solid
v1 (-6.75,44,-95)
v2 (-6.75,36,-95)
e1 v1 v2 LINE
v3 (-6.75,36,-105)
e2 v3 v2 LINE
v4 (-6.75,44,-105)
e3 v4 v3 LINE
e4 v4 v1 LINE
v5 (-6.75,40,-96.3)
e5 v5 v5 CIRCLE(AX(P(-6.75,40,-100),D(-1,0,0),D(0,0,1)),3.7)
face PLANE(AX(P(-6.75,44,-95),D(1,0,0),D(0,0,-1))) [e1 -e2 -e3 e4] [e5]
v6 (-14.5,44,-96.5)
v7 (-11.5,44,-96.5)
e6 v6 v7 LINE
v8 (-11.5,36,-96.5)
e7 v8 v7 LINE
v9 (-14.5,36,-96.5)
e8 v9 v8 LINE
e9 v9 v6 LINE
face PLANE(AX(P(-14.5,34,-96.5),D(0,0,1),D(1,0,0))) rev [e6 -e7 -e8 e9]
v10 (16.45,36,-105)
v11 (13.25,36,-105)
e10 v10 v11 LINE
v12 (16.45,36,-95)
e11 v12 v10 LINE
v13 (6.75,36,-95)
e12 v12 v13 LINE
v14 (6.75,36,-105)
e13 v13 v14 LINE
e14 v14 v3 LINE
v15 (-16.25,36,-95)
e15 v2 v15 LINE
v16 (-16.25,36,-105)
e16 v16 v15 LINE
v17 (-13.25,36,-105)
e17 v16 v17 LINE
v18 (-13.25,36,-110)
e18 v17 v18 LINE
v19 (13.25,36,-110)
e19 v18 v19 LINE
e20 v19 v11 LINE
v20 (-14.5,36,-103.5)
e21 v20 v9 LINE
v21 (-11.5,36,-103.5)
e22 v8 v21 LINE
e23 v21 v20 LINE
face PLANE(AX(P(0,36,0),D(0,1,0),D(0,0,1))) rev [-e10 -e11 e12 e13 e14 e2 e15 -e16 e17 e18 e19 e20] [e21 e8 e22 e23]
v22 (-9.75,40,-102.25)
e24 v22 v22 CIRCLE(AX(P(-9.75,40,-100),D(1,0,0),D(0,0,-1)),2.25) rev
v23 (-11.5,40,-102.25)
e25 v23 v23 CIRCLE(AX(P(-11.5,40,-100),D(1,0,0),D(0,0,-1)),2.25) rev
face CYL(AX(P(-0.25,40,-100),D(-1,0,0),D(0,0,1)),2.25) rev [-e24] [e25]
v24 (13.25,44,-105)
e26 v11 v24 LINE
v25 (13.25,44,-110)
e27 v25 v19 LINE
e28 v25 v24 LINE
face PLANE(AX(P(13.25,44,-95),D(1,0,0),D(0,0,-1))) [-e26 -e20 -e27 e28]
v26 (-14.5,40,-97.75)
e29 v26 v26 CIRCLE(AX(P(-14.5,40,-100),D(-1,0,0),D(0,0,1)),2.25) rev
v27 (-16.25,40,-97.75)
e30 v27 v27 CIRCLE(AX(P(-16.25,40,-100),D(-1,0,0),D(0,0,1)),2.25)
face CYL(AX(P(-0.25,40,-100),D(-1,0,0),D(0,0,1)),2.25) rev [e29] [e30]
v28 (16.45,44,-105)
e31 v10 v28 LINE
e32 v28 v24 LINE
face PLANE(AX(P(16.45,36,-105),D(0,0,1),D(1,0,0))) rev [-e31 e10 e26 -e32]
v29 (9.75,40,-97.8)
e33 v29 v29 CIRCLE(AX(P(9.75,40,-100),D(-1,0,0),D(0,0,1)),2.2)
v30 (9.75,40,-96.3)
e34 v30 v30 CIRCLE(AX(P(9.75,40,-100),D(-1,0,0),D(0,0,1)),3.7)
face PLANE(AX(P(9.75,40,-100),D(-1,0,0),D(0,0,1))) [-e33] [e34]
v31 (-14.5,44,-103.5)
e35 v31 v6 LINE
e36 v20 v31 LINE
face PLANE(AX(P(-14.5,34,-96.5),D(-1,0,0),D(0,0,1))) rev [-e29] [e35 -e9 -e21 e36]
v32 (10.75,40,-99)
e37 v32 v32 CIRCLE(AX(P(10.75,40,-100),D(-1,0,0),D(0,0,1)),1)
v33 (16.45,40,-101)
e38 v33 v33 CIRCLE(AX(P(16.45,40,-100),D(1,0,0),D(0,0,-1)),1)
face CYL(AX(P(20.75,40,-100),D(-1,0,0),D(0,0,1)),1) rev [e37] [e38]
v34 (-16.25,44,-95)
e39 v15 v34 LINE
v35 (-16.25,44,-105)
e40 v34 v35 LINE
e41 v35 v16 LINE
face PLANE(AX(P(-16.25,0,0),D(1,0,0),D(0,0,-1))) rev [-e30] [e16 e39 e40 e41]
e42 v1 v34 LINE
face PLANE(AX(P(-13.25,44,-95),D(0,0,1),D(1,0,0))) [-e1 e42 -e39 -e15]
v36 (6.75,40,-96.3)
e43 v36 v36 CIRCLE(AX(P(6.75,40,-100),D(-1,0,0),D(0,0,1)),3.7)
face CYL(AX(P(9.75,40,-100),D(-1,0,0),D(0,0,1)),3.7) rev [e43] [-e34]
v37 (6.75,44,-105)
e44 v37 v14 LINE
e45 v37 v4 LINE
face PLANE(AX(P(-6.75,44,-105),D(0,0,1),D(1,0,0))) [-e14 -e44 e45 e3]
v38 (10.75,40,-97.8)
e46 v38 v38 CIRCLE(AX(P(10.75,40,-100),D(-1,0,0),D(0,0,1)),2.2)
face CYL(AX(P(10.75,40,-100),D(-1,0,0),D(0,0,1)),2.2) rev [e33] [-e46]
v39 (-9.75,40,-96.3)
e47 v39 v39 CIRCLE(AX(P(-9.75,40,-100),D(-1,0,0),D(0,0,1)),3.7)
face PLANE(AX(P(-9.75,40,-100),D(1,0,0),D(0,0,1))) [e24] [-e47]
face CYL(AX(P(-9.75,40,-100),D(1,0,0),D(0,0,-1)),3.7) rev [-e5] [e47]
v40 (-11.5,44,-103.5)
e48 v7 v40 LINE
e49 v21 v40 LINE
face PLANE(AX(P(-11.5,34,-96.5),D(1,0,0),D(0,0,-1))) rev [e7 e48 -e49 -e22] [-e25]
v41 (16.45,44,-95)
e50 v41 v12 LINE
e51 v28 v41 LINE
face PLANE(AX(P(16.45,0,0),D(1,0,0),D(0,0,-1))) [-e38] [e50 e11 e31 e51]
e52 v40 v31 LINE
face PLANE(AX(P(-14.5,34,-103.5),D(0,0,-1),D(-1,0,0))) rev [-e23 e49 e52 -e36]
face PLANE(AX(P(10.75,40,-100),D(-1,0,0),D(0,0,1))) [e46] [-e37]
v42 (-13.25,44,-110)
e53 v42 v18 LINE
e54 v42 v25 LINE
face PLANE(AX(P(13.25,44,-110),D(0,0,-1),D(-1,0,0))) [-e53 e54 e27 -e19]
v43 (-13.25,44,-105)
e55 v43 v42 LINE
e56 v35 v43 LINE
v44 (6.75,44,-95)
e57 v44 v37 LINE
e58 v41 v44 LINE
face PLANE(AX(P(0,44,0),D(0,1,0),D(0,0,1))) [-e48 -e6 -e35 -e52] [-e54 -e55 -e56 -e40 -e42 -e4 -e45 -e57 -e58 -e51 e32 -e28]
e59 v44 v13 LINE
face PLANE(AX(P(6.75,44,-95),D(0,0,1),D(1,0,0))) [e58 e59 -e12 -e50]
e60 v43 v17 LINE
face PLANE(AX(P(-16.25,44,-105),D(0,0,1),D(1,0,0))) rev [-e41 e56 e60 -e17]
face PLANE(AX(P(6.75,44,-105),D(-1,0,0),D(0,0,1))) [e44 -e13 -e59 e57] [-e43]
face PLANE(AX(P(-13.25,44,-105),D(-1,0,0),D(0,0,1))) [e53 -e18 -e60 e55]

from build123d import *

# Parameters (mm, degrees)
SHAPE_DEPTH                   = 4
SHAPE_DEPTH_BACK              = 4
ESQUISSE19_R                  = 2.25
HOLEAXE_MOTOR_DEPTH           = 13
ESQUISSE20_R                  = 3.7
HOLEBEARING_MOTOR_DEPTH       = 3
ESQUISSE21_R                  = 2.2
ENTRETOISEBEARING_MOTOR_DEPTH = 1
EXT_MOTOR_START               = 3
ESQUISSE22_W                  = 10
ESQUISSE22_H                  = 8
ESQUISSE22_R                  = 2.25
EXT_MOTOR_DEPTH               = 3
ESQUISSE23_W                  = 3
ESQUISSE23_H                  = 7
HOLESCREWLESS_MOTOR_DEPTH     = 10
ESQUISSE24_W                  = 10
ESQUISSE24_H                  = 8
BOSS_EXTRU_1_DEPTH            = 3.2
ESQUISSE25_R                  = 1
REMOVE_HELPER_DEPTH           = 10


with BuildPart() as part:
    # Esquisse17 → Shape (new, two sides: drawn at the far end of the back side and taken through both)
    with BuildSketch(Plane(origin=(0, 40, 0), x_dir=(-1, 0, 0), z_dir=(0, -1, 0)).offset(-SHAPE_DEPTH_BACK)):
        Polygon((13.25, 105), (13.25, 95), (6.75, 95), (6.75, 105), (-6.75, 105), (-6.75, 95), (-13.25, 95), (-13.25, 105), (-13.25, 110), (13.25, 110), align=None)
    extrude(amount=SHAPE_DEPTH + SHAPE_DEPTH_BACK)

    # Esquisse19 → HoleAxe_motor (cut)
    with BuildSketch(Plane.ZY.offset(13.25)):
        with Locations((-100, 40)):
            Circle(ESQUISSE19_R)
    extrude(amount=-HOLEAXE_MOTOR_DEPTH, mode=Mode.SUBTRACT)

    # Esquisse20 → HoleBearing_motor (cut)
    with BuildSketch(Plane.ZY.offset(-6.75)):
        with Locations((-100, 40)):
            Circle(ESQUISSE20_R)
    holebearing_motor = extrude(amount=-HOLEBEARING_MOTOR_DEPTH, mode=Mode.SUBTRACT)

    # Symétrie3: HoleBearing_motor across plane
    add(holebearing_motor.mirror(Plane(origin=(0, 0, 0), x_dir=(0, 0, 1), z_dir=(1, 0, 0))), mode=Mode.SUBTRACT)

    # Esquisse21 → entretoiseBearing_motor (cut)
    with BuildSketch(Plane.ZY.offset(-9.75)):
        with Locations((-100, 40)):
            Circle(ESQUISSE21_R)
    extrude(amount=-ENTRETOISEBEARING_MOTOR_DEPTH, mode=Mode.SUBTRACT)

    # Esquisse22 → Ext_motor (add)
    with BuildSketch(Plane.ZY.offset(13.25).offset(EXT_MOTOR_START)):
        with Locations((-100, 40)):
            Rectangle(ESQUISSE22_W, ESQUISSE22_H)
        with Locations((-100, 40)):
            Circle(ESQUISSE22_R, mode=Mode.SUBTRACT)
    extrude(amount=-EXT_MOTOR_DEPTH)

    # Esquisse23 → HoleScrewLess_motor (cut)
    with BuildSketch(Plane(origin=(0, 44, 0), x_dir=(1, 0, 0), z_dir=(0, 1, 0))):
        with Locations((-13, 100)):
            Rectangle(ESQUISSE23_W, ESQUISSE23_H)
    extrude(amount=-HOLESCREWLESS_MOTOR_DEPTH, mode=Mode.SUBTRACT)

    # Esquisse24 → Boss.-Extru.1 (add)
    with BuildSketch(Plane(origin=(13.25, 0, 0), x_dir=(0, 0, -1), z_dir=(1, 0, 0))):
        with Locations((100, 40)):
            Rectangle(ESQUISSE24_W, ESQUISSE24_H)
    extrude(amount=BOSS_EXTRU_1_DEPTH)

    # Esquisse25 → Remove helper (cut)
    with BuildSketch(Plane.ZY.offset(-10.75)):
        with Locations((-100, 40)):
            Circle(ESQUISSE25_R)
    extrude(amount=-REMOVE_HELPER_DEPTH, mode=Mode.SUBTRACT)


solid = part.part
